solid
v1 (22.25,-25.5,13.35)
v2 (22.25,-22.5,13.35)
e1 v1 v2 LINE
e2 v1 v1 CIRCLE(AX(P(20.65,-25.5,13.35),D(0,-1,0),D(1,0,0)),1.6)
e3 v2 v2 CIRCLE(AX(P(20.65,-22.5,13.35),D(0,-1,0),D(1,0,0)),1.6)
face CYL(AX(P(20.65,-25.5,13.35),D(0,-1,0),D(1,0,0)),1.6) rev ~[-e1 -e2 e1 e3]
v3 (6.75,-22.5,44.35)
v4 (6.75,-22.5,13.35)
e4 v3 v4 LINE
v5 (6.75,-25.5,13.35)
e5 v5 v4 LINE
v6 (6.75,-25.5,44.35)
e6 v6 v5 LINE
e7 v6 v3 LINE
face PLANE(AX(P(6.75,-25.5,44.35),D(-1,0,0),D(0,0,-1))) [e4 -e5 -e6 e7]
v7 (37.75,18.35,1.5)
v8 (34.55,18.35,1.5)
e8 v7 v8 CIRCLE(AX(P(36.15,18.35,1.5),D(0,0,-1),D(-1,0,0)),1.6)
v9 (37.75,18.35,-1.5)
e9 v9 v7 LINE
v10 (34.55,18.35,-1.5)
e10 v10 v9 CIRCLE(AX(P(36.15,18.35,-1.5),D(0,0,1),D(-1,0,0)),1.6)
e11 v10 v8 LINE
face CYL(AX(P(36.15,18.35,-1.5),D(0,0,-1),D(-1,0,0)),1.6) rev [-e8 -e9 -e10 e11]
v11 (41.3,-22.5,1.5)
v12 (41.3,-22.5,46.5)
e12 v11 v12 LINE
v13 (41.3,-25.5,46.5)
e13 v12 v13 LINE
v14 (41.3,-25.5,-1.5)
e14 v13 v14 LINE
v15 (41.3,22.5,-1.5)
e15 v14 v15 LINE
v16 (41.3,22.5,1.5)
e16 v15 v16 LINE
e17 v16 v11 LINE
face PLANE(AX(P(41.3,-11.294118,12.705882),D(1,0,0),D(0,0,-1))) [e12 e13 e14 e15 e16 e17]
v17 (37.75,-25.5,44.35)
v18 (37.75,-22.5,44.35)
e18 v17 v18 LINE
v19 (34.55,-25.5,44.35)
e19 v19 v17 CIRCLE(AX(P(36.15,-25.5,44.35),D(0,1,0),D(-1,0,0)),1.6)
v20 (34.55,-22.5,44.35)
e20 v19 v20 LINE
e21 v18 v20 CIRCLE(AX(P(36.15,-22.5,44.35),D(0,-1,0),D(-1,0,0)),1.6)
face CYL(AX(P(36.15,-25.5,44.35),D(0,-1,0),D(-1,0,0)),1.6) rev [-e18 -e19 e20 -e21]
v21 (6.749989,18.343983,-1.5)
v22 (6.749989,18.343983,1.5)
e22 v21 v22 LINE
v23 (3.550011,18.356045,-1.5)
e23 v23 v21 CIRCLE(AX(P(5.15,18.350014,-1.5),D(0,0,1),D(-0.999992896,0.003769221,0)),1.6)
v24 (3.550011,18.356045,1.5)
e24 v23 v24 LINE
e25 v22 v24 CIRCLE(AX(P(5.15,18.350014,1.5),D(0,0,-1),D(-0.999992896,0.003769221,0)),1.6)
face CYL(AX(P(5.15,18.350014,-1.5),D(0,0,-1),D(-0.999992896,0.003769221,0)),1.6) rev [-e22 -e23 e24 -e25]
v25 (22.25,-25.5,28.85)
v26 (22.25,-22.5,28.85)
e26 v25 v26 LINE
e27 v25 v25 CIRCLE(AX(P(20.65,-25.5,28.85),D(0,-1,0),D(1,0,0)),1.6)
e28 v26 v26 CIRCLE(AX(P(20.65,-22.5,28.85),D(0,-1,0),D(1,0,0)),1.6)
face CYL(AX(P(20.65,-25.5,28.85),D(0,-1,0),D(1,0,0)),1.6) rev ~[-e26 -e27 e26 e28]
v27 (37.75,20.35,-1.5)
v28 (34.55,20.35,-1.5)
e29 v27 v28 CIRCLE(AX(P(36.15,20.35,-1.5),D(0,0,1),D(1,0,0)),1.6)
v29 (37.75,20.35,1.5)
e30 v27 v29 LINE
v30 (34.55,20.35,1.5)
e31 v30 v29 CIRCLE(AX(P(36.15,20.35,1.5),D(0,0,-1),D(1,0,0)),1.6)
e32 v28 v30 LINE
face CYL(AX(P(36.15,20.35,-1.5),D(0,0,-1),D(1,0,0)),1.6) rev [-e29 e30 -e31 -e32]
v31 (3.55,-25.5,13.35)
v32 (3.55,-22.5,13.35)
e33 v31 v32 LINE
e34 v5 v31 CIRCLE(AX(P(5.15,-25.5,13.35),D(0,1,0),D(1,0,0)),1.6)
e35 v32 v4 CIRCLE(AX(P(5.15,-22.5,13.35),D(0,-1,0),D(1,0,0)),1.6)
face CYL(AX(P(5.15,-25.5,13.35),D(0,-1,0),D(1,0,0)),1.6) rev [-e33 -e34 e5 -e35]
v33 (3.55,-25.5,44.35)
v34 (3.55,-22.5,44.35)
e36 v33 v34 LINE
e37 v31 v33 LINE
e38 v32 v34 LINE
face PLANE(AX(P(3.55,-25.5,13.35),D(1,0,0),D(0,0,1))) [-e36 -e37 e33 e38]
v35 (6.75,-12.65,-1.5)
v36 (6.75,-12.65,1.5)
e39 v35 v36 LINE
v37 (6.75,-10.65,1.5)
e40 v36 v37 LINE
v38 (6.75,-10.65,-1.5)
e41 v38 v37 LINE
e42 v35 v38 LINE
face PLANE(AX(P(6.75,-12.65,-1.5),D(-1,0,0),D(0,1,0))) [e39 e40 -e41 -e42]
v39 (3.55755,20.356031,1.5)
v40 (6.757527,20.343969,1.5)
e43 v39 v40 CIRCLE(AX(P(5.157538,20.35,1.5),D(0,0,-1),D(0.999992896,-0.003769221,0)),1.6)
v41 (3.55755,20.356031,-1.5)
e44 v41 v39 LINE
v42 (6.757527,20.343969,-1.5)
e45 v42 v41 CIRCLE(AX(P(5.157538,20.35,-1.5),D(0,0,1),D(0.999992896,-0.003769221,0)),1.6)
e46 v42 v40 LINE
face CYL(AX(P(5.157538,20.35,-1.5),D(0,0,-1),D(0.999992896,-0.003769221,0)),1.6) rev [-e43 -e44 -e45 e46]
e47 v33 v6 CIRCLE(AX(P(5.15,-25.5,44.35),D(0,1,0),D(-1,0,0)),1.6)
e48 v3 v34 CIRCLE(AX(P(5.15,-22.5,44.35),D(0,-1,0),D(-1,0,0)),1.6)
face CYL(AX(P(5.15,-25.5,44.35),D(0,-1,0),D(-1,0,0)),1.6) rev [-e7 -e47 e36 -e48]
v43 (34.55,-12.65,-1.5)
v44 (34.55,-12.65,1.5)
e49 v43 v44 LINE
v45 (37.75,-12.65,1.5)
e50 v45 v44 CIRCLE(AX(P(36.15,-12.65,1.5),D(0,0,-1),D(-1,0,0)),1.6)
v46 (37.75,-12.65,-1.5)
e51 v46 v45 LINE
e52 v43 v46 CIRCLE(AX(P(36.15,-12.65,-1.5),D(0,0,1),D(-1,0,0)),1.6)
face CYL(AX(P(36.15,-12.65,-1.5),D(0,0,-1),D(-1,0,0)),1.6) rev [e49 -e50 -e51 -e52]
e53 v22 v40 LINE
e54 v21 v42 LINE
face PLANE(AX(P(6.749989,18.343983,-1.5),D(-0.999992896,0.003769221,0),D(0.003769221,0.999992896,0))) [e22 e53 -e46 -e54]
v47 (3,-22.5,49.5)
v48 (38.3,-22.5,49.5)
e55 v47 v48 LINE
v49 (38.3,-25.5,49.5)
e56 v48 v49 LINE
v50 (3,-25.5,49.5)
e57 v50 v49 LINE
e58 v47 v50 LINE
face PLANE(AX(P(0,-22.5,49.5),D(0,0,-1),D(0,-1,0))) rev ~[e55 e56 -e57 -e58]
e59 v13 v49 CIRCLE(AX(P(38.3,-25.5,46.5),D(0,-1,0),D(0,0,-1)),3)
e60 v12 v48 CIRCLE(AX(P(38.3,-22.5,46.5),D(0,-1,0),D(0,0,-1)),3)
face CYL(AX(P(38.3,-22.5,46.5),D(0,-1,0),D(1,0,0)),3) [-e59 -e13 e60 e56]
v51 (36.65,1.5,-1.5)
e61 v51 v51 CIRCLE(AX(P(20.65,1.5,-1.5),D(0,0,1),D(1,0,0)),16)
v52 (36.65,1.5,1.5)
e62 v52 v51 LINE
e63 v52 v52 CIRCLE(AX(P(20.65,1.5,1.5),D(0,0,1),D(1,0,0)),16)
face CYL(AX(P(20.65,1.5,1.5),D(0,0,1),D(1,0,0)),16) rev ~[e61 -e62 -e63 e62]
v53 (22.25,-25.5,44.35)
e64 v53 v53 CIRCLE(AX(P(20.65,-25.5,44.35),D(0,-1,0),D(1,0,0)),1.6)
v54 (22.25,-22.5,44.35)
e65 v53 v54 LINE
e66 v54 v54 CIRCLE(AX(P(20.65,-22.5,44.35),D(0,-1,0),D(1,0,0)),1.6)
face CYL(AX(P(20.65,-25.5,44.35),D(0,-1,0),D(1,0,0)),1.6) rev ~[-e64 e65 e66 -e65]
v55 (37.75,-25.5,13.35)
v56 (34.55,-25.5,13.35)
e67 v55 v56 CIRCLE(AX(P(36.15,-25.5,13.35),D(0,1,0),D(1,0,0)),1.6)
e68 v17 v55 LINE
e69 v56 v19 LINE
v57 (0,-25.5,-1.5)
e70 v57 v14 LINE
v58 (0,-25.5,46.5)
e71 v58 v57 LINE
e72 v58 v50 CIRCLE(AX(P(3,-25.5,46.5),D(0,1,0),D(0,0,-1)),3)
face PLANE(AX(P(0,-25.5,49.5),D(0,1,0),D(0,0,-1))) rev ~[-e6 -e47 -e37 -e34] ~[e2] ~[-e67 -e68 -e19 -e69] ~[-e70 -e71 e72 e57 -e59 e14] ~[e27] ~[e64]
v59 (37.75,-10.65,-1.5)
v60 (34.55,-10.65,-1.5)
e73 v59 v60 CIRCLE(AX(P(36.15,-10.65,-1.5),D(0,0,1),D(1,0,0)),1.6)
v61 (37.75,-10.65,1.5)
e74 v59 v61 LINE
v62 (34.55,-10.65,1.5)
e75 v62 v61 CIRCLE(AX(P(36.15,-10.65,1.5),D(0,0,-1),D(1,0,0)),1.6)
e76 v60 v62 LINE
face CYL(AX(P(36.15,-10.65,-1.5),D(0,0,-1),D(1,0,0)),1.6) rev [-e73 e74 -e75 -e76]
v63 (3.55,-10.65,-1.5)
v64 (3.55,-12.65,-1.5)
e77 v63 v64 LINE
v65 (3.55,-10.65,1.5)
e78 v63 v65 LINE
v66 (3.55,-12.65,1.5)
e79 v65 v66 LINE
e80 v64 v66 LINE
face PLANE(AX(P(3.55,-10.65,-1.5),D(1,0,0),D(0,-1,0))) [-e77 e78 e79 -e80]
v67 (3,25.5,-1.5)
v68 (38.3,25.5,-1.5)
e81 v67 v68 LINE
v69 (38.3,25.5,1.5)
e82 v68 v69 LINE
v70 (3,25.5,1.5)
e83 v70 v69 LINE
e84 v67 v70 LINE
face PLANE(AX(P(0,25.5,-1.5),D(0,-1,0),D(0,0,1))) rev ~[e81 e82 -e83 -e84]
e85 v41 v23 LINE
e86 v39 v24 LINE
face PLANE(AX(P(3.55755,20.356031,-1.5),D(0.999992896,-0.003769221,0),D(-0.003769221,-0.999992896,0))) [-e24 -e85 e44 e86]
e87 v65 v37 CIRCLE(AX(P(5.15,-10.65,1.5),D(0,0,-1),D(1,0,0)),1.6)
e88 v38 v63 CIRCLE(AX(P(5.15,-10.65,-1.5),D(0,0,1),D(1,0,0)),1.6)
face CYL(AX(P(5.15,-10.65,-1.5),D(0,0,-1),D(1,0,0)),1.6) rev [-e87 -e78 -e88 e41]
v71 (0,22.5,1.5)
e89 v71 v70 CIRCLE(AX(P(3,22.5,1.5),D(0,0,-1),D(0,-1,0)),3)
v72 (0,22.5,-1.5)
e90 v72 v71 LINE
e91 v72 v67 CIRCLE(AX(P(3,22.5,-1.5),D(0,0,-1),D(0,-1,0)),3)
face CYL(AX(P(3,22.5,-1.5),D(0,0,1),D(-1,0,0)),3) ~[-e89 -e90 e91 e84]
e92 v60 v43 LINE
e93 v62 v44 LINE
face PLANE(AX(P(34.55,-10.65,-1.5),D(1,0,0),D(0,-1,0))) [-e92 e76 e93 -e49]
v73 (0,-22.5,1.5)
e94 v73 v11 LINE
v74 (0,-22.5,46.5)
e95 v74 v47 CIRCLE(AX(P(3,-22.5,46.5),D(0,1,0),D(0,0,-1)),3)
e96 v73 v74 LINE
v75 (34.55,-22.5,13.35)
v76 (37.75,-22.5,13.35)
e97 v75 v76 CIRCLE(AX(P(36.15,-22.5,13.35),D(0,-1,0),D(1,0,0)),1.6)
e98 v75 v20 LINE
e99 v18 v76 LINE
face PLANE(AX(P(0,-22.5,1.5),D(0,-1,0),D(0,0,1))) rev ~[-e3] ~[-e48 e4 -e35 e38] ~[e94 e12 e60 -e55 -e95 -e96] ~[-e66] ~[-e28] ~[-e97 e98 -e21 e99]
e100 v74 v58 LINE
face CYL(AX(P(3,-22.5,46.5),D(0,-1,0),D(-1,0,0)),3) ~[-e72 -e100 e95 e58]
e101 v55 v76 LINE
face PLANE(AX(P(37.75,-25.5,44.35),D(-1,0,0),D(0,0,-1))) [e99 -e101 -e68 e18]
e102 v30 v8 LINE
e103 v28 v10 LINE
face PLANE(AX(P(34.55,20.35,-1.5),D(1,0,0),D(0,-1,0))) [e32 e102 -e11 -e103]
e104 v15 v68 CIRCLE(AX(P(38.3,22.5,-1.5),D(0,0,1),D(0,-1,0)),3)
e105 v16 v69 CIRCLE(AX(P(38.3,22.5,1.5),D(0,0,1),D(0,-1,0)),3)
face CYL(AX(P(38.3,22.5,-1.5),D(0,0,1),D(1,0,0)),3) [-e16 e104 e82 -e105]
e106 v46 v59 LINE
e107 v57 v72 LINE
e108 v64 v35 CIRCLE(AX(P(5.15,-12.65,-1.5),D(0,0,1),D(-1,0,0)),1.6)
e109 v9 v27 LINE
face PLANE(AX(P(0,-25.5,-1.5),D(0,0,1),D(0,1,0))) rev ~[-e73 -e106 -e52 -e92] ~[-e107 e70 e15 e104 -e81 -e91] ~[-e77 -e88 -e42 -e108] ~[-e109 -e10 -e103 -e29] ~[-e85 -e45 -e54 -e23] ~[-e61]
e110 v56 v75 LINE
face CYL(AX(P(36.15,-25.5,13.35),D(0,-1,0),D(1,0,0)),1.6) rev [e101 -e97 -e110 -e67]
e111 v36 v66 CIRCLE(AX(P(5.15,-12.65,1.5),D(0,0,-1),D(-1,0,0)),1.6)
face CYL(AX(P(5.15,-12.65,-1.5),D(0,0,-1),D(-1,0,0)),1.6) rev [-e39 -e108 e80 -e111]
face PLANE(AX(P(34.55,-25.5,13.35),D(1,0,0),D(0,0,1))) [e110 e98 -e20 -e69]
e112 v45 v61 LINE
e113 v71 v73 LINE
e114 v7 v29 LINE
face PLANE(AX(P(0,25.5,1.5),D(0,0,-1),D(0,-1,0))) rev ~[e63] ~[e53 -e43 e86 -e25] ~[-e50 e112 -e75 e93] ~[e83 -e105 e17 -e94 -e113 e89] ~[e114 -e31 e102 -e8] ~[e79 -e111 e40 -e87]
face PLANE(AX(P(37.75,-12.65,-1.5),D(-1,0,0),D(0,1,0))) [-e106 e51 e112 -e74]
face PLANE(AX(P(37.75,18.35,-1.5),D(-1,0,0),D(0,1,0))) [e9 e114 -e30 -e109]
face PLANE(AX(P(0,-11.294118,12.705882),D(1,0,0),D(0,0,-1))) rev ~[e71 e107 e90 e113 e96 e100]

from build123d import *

# Parameters (mm, degrees)
BOSS_EXTRUDE1_DEPTH = 41.3
SKETCH2_R           = 16
CUT_EXTRUDE2_DEPTH  = 41.3
CUT_EXTRUDE7_DEPTH  = 41.3
SKETCH8_R           = 1.6
CUT_EXTRUDE8_DEPTH  = 41.3
FILLET1_R           = 3


with BuildPart() as part:
    # Sketch1 → Boss-Extrude1 (new body)
    with BuildSketch(Plane(origin=(0, 0, 0), x_dir=(0, 0, -1), z_dir=(1, 0, 0))):
        Polygon((-1.5, -22.5), (-49.5, -22.5), (-49.5, -25.5), (1.5, -25.5), (1.5, -22.5), (1.5, 25.5), (-1.5, 25.5), align=None)
    extrude(amount=BOSS_EXTRUDE1_DEPTH)

    # Sketch2 → Cut-Extrude2 (cut)
    with BuildSketch(Plane.XY.offset(1.5)):
        with Locations((20.65, 1.5)):
            Circle(SKETCH2_R)
    extrude(amount=-CUT_EXTRUDE2_DEPTH, mode=Mode.SUBTRACT)

    # Sketch4 → Cut-Extrude7 (cut)
    with BuildSketch(Plane(origin=(0, 0, -1.5), x_dir=(-1, 0, 0), z_dir=(0, 0, -1))):
        with BuildLine():
            Line((-3.557549808, 20.356030754), (-3.550011366, 18.356044961))
            ThreePointArc((-3.550011366, 18.356044961), (-5.143969246, 16.750025573), (-6.749988634, 18.343983453))
            Line((-6.749988634, 18.343983453), (-6.757527076, 20.343969246))
            ThreePointArc((-6.757527076, 20.343969246), (-5.163569196, 21.949988634), (-3.557549808, 20.356030754))
        make_face()
        with BuildLine():
            Line((-34.55, 20.35), (-34.55, 18.35))
            ThreePointArc((-34.55, 18.35), (-36.15, 16.75), (-37.75, 18.35))
            Line((-37.75, 18.35), (-37.75, 20.35))
            ThreePointArc((-37.75, 20.35), (-36.15, 21.95), (-34.55, 20.35))
        make_face()
        with BuildLine():
            Line((-3.55, -10.65), (-3.55, -12.65))
            ThreePointArc((-3.55, -12.65), (-5.15, -14.25), (-6.75, -12.65))
            Line((-6.75, -12.65), (-6.75, -10.65))
            ThreePointArc((-6.75, -10.65), (-5.15, -9.05), (-3.55, -10.65))
        make_face()
        with BuildLine():
            Line((-34.55, -10.65), (-34.55, -12.65))
            ThreePointArc((-34.55, -12.65), (-36.15, -14.25), (-37.75, -12.65))
            Line((-37.75, -12.65), (-37.75, -10.65))
            ThreePointArc((-37.75, -10.65), (-36.15, -9.05), (-34.55, -10.65))
        make_face()
    extrude(amount=-CUT_EXTRUDE7_DEPTH, mode=Mode.SUBTRACT)

    # Sketch8 → Cut-Extrude8 (cut)
    with BuildSketch(Plane.XZ.offset(25.5)):
        with Locations((20.65, 44.35)):
            Circle(SKETCH8_R)
        with Locations((20.65, 13.35)):
            Circle(SKETCH8_R)
        with Locations((20.65, 28.85)):
            Circle(SKETCH8_R)
        with BuildLine():
            Line((37.75, 44.35), (37.75, 13.35))
            ThreePointArc((37.75, 13.35), (36.15, 11.75), (34.55, 13.35))
            Line((34.55, 13.35), (34.55, 44.35))
            ThreePointArc((34.55, 44.35), (36.15, 45.95), (37.75, 44.35))
        make_face()
        with BuildLine():
            Line((6.75, 44.35), (6.75, 13.35))
            ThreePointArc((6.75, 13.35), (5.15, 11.75), (3.55, 13.35))
            Line((3.55, 13.35), (3.55, 44.35))
            ThreePointArc((3.55, 44.35), (5.15, 45.95), (6.75, 44.35))
        make_face()
    extrude(amount=-CUT_EXTRUDE8_DEPTH, mode=Mode.SUBTRACT)

    # Fillet1
    fillet1_edges = [part.edges().sort_by_distance(p)[0] for p in [
        (41.3, 25.5, 0),
        (41.3, -24, 49.5),
        (0, -24, 49.5),
        (0, 25.5, 0),
    ]]
    fillet(fillet1_edges, radius=FILLET1_R)


solid = part.part
